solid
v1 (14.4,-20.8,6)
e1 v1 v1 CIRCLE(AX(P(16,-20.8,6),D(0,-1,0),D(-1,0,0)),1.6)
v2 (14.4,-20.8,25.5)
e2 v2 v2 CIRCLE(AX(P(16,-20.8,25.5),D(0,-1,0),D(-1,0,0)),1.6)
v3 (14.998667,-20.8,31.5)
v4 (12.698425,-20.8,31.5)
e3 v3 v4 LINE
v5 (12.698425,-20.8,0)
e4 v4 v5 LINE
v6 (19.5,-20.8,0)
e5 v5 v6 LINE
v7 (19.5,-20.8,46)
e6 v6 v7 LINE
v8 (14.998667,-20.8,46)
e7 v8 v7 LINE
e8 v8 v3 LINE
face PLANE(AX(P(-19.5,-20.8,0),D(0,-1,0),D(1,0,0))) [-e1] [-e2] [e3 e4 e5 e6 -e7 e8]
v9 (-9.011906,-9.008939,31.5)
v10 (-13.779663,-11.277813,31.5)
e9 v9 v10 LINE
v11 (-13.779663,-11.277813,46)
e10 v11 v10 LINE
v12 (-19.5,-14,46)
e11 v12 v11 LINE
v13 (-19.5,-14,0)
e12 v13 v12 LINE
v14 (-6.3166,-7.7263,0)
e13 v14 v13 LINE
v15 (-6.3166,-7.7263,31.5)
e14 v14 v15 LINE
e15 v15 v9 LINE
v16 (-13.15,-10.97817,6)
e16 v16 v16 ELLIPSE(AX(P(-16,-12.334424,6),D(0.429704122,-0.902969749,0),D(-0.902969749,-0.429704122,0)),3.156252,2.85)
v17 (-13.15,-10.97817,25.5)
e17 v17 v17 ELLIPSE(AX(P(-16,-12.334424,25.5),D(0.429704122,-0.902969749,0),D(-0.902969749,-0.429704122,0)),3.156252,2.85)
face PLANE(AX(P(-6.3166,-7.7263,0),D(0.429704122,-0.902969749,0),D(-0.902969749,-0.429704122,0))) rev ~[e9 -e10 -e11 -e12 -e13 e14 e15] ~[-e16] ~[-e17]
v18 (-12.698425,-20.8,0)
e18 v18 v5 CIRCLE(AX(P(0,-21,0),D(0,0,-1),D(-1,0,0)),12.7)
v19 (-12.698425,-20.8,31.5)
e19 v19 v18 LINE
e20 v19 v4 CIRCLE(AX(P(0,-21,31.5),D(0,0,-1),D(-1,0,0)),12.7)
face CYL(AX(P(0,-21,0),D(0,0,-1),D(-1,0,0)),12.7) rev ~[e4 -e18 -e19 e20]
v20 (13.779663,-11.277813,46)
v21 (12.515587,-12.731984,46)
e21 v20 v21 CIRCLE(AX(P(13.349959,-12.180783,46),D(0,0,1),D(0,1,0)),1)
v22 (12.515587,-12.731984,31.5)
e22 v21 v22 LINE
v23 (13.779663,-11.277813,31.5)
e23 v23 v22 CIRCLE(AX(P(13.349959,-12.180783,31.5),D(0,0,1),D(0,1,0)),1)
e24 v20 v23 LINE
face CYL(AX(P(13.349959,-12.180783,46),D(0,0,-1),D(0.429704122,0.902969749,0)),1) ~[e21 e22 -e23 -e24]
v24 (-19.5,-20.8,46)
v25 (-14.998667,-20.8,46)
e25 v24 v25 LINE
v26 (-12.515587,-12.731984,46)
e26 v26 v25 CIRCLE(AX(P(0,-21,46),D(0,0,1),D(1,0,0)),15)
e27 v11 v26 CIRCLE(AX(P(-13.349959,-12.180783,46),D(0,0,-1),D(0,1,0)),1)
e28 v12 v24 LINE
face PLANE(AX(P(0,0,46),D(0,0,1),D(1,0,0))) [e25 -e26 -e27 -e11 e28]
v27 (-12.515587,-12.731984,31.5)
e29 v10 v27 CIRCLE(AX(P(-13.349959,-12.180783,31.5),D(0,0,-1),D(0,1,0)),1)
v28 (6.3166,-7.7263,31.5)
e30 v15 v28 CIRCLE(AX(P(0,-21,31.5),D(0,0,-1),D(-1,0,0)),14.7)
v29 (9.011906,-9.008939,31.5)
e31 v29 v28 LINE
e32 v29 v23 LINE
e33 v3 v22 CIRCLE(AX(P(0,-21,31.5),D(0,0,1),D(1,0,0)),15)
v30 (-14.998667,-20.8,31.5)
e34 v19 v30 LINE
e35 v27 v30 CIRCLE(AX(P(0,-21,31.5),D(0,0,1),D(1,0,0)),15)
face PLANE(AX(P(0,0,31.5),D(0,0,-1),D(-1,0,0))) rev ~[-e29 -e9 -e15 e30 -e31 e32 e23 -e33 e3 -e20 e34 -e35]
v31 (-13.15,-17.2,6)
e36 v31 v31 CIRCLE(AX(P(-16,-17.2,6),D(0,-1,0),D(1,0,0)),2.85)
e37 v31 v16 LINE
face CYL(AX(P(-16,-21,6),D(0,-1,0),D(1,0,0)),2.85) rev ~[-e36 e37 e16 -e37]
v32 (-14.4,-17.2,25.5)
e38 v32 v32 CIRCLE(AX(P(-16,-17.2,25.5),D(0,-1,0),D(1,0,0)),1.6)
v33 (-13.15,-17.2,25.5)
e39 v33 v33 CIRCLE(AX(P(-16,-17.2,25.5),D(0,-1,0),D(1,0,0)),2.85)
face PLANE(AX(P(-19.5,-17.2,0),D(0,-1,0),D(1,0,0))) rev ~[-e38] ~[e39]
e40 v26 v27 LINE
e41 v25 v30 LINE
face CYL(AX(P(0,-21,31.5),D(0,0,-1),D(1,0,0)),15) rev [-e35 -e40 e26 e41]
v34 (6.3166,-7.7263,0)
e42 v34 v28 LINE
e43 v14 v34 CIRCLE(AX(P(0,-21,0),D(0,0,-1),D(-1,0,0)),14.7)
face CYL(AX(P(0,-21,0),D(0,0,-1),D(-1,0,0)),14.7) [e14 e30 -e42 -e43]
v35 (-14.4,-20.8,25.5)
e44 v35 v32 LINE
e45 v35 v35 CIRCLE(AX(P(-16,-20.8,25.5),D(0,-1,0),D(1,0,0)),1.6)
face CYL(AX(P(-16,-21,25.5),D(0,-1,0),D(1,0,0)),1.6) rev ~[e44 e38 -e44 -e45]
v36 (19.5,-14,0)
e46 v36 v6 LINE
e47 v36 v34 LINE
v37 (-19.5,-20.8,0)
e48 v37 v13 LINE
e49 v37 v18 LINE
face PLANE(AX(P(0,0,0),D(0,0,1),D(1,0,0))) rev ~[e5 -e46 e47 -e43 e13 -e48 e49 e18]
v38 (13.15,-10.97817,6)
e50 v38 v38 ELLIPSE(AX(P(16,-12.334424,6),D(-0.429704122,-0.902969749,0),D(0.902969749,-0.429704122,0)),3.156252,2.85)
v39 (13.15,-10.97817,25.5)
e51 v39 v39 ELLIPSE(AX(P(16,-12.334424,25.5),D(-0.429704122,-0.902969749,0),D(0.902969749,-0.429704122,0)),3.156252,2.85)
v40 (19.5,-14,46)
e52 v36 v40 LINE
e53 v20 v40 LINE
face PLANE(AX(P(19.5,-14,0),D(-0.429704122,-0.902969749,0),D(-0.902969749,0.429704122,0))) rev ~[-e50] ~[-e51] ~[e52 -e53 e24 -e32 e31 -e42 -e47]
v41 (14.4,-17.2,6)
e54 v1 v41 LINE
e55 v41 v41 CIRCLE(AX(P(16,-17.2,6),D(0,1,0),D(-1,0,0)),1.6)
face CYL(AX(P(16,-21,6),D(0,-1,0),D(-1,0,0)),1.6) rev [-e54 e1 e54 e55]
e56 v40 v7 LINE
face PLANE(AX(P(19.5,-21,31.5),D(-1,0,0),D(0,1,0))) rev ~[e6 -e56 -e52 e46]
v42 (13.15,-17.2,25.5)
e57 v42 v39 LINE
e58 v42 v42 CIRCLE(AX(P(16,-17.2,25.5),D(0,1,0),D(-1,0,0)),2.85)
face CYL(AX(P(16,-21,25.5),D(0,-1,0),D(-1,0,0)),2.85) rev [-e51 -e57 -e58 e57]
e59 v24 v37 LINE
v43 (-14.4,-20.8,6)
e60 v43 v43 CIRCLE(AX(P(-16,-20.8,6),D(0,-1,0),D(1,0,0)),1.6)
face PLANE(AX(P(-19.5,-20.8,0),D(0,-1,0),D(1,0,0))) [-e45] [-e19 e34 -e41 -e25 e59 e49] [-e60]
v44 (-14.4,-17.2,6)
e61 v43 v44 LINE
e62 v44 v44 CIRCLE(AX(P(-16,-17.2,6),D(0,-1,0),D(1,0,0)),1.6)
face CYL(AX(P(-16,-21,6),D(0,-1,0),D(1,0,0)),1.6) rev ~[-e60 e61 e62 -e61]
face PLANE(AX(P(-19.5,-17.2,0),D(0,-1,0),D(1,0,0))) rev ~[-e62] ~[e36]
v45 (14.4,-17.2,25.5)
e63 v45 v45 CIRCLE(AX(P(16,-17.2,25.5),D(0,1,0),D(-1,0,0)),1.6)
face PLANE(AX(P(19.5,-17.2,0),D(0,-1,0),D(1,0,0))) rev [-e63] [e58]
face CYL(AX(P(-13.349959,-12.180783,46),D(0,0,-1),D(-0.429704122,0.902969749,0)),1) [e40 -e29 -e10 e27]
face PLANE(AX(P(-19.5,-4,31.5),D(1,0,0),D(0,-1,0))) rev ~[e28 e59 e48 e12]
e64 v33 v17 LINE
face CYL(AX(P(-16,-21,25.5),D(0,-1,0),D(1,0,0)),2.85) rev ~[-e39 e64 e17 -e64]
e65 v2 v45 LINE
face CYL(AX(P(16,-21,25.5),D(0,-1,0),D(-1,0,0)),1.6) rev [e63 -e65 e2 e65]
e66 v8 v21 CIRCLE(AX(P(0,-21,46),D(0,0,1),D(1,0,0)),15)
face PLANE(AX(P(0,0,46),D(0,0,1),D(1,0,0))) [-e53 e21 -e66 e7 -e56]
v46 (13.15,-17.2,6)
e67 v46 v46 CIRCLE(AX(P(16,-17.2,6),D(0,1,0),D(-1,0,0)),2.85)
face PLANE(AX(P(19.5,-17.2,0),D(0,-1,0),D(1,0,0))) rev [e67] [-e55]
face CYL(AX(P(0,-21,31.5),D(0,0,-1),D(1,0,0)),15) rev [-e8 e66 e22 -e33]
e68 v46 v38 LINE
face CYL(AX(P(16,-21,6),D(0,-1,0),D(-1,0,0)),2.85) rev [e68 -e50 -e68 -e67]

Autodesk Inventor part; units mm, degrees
ref_plane "YZ Plane" through (0, 0, 0) normal (1, 0, 0) x (0, 1, 0)
ref_plane "XZ Plane" through (0, 0, 0) normal (0, 1, 0) x (-1, 0, 0)
ref_plane "XY Plane" through (0, 0, 0) normal (0, 0, 1) x (1, 0, 0)
sketch "スケッチ1" plane through (0, 0, 0) normal (0, 0, 1) x (1, 0, 0)
  line L0 (-12.5, 3.2) -> (-11.75, 0)
  line L1 (-11.75, 0) -> (11.75, 0)
  line L2 (11.75, 0) -> (12.5, 3.2)
  line L3 (12.5, 3.2) -> (19.5, 3.2)
  line L4 (19.5, 3.2) -> (19.5, -4)
  line L5 (19.5, -4) -> (-19.5, -4)
  line L6 (-19.5, -4) -> (-19.5, 3.2)
  line L7 (-19.5, 3.2) -> (-12.5, 3.2)
  circle A0 centre (0, -21) radius 12.7 construction
  line L8 (-5.5, -4) -> (5.5, -4) construction
  line L9 (5.5, -4) -> (5.5, -7.5) construction
  line L10 (5.5, -7.5) -> (-5.5, -7.5) construction
  line L11 (-5.5, -7.5) -> (-5.5, -4) construction
  circle A1 centre (0, -21) radius 14.7 construction
  line L12 (-19.5, -21) -> (19.5, -21) construction
  line L13 (-18.75, -24.8) -> (-13.25, -24.8) construction
  line L14 (-13.25, -24.8) -> (-13.25, -27.8) construction
  line L15 (-13.25, -27.8) -> (-18.75, -27.8) construction
  line L16 (-18.75, -27.8) -> (-18.75, -24.8) construction
  line L17 (-16, -27.8) -> (-16, -14.8) construction
  line L18 (-18.75, -14.8) -> (-13.25, -14.8) construction
  line L19 (-13.25, -14.8) -> (-13.25, -17.2) construction
  line L20 (-13.25, -17.2) -> (-18.75, -17.2) construction
  line L21 (-18.75, -17.2) -> (-18.75, -14.8) construction
  line L22 (-14.5, -14.8) -> (-14.5, -27.8) construction
  line L23 (-17.5, -14.8) -> (-17.5, -27.8) construction
  point P0 (0, 0)
  point P1 (0, 0)
  point P2 (0, -4)
  dimension "d0" = 4
  dimension "d1" = 3.2
  dimension "d2" = 23.5
  dimension "d3" = 25
  dimension "d4" = 39
  dimension "d5" = 25.4
  dimension "d6" = 3.5
  dimension "d7" = 21
  dimension "d8" = 11
  dimension "d9" = 2
  dimension "d11" = 5.5
  dimension "d12" = 3
  dimension "d13" = 5.5
  dimension "d14" = 2.4
  dimension "d15" = 10
  dimension "d16" = 1.5
  dimension "d17" = 1.5
  dimension "d18" = 3.8
  dimension "d19" = 16
extrude "押し出し1" add sketch "スケッチ1" along normal blind 46
sketch "スケッチ2" plane through (0, 0, 0) normal (0, 0, -1) x (-1, 0, 0)
  line L0 (19.5, -4) -> (-19.5, -4) projected
  circle A0 centre (0, -21) radius 12.7 projected
  line L1 (19.5, -21) -> (-19.5, -21) projected
  line L2 (-19.5, -21) -> (-19.5, -4)
  line L3 (19.5, -4) -> (19.5, -21)
  point P0 (0, 0)
  point P1 (-12.7, -21)
  point P2 (12.7, -21)
extrude "押し出し2" add sketch "スケッチ2" against normal blind 31.5 contours L3 L1 A0 L2 L0
sketch "スケッチ3" plane through (0, 0, 31.5) normal (0, 0, 1) x (1, 0, 0)
  line L0 (-19.5, -4) -> (19.5, -4) projected
  line L1 (-19.5, -4) -> (-19.5, -21) projected
  line L2 (-19.5, -21) -> (-12.7, -21) projected
  arc A0 (12.7, -21) -> (-12.7, -21) centre (0, -21) ccw projected
  line L3 (12.7, -21) -> (19.5, -21) projected
  line L4 (19.5, -21) -> (19.5, -4) projected
  circle A1 centre (0, -21) radius 15
  point P0 (0, 0)
  point P1 (-15, -21)
  point P2 (15, -21)
  dimension "d24" = 30
extrude "押し出し3" add sketch "スケッチ3" along normal up to surface (14.5 mm away) contours L0 L4 L3 A1 L2 L1
sketch "スケッチ7" plane through (-19.5, -21, 0) normal (0, -1, 0) x (1, 0, 0)
  line L0 (6.8, 0) -> (0, 0) construction
  line L1 (6.8, 0) -> (6.8, 31.5) construction
  line L2 (4.5, 31.5) -> (6.8, 31.5) construction
  line L3 (4.5, 31.5) -> (4.5, 46) construction
  line L4 (4.5, 46) -> (0, 46) construction
  line L5 (0, 0) -> (0, 46) construction
  line L6 (3.5, 0) -> (3.5, 31.5) construction
  circle A0 centre (3.5, 6) radius 2.85
  circle A1 centre (3.5, 25.5) radius 2.85
  point P0 (19.5, 0)
  dimension "d34" = 16
  dimension "d35" = 5.7
  dimension "d36" = 6
  dimension "d37" = 6
extrude "押し出し6" cut sketch "スケッチ7" against normal through all
sketch "スケッチ9" plane through (-19.5, -21, 0) normal (0, -1, 0) x (1, 0, 0)
  circle A0 centre (3.5, 25.5) radius 2.85 projected
  circle A1 centre (3.5, 6) radius 2.85 projected
  circle A2 centre (3.5, 25.5) radius 1.6
  circle A3 centre (3.5, 6) radius 1.6
  point P0 (19.5, 0)
  dimension "d43" = 3.2
extrude "押し出し8" add sketch "スケッチ9" against normal blind 3.8
mirror "ミラー2" about plane through (0, 0, 0) normal (1, 0, 0) of "押し出し6", "押し出し8"
sketch "スケッチ10" plane through (0, 0, 0) normal (0, 0, -1) x (-1, 0, 0)
  circle A0 centre (0, -21) radius 14.7 projected
  line L0 (-19.5, -21) -> (-12.7, -21) projected
  line L1 (12.7, -21) -> (19.5, -21) projected
  line L2 (-19.5, 3.2) -> (-19.5, -21) projected
  line L3 (19.5, 3.2) -> (19.5, -21) projected
  line L4 (-19.5, -14) -> (-6.3166, -7.7263)
  line L5 (6.3166, -7.7263) -> (19.5, -14)
  arc A1 (12.7, -21) -> (-12.7, -21) centre (0, -21) ccw projected
  line L6 (-19.5, 3.2) -> (-12.5, 3.2) projected
  line L7 (-12.5, 3.2) -> (-11.75, 0) projected
  line L8 (-11.75, 0) -> (11.75, 0) projected
  line L9 (11.75, 0) -> (12.5, 3.2) projected
  line L10 (12.5, 3.2) -> (19.5, 3.2) projected
  point P0 (0, 0)
  dimension "d46" = 7
extrude "押し出し9" cut sketch "スケッチ10" against normal through all contours A0 L4 L2 L6 L7 L8 L9 L10 L3 L5
sketch "スケッチ11" plane through (-19.5, -21, 0) normal (0, -1, 0) x (1, 0, 0)
  line L0 (-33.1912, 72.2952) -> (57.3732, 72.2952)
  line L1 (57.3732, 72.2952) -> (57.3732, -15.6553)
  line L2 (57.3732, -15.6553) -> (-33.1912, -15.6553)
  line L3 (-33.1912, -15.6553) -> (-33.1912, 72.2952)
  point P0 (19.5, 0)
extrude "押し出し10" cut sketch "スケッチ11" against normal blind 0.2
fillet "フィレット1" radius 1 2 edges at (-9.012, -9.009, 38.75) (9.012, -9.009, 38.75)
equation "\"d17\" = d16"
equation "\"d34\" = d19"
equation "\"d44\" = d18"
properties part number "led_holder_02"
